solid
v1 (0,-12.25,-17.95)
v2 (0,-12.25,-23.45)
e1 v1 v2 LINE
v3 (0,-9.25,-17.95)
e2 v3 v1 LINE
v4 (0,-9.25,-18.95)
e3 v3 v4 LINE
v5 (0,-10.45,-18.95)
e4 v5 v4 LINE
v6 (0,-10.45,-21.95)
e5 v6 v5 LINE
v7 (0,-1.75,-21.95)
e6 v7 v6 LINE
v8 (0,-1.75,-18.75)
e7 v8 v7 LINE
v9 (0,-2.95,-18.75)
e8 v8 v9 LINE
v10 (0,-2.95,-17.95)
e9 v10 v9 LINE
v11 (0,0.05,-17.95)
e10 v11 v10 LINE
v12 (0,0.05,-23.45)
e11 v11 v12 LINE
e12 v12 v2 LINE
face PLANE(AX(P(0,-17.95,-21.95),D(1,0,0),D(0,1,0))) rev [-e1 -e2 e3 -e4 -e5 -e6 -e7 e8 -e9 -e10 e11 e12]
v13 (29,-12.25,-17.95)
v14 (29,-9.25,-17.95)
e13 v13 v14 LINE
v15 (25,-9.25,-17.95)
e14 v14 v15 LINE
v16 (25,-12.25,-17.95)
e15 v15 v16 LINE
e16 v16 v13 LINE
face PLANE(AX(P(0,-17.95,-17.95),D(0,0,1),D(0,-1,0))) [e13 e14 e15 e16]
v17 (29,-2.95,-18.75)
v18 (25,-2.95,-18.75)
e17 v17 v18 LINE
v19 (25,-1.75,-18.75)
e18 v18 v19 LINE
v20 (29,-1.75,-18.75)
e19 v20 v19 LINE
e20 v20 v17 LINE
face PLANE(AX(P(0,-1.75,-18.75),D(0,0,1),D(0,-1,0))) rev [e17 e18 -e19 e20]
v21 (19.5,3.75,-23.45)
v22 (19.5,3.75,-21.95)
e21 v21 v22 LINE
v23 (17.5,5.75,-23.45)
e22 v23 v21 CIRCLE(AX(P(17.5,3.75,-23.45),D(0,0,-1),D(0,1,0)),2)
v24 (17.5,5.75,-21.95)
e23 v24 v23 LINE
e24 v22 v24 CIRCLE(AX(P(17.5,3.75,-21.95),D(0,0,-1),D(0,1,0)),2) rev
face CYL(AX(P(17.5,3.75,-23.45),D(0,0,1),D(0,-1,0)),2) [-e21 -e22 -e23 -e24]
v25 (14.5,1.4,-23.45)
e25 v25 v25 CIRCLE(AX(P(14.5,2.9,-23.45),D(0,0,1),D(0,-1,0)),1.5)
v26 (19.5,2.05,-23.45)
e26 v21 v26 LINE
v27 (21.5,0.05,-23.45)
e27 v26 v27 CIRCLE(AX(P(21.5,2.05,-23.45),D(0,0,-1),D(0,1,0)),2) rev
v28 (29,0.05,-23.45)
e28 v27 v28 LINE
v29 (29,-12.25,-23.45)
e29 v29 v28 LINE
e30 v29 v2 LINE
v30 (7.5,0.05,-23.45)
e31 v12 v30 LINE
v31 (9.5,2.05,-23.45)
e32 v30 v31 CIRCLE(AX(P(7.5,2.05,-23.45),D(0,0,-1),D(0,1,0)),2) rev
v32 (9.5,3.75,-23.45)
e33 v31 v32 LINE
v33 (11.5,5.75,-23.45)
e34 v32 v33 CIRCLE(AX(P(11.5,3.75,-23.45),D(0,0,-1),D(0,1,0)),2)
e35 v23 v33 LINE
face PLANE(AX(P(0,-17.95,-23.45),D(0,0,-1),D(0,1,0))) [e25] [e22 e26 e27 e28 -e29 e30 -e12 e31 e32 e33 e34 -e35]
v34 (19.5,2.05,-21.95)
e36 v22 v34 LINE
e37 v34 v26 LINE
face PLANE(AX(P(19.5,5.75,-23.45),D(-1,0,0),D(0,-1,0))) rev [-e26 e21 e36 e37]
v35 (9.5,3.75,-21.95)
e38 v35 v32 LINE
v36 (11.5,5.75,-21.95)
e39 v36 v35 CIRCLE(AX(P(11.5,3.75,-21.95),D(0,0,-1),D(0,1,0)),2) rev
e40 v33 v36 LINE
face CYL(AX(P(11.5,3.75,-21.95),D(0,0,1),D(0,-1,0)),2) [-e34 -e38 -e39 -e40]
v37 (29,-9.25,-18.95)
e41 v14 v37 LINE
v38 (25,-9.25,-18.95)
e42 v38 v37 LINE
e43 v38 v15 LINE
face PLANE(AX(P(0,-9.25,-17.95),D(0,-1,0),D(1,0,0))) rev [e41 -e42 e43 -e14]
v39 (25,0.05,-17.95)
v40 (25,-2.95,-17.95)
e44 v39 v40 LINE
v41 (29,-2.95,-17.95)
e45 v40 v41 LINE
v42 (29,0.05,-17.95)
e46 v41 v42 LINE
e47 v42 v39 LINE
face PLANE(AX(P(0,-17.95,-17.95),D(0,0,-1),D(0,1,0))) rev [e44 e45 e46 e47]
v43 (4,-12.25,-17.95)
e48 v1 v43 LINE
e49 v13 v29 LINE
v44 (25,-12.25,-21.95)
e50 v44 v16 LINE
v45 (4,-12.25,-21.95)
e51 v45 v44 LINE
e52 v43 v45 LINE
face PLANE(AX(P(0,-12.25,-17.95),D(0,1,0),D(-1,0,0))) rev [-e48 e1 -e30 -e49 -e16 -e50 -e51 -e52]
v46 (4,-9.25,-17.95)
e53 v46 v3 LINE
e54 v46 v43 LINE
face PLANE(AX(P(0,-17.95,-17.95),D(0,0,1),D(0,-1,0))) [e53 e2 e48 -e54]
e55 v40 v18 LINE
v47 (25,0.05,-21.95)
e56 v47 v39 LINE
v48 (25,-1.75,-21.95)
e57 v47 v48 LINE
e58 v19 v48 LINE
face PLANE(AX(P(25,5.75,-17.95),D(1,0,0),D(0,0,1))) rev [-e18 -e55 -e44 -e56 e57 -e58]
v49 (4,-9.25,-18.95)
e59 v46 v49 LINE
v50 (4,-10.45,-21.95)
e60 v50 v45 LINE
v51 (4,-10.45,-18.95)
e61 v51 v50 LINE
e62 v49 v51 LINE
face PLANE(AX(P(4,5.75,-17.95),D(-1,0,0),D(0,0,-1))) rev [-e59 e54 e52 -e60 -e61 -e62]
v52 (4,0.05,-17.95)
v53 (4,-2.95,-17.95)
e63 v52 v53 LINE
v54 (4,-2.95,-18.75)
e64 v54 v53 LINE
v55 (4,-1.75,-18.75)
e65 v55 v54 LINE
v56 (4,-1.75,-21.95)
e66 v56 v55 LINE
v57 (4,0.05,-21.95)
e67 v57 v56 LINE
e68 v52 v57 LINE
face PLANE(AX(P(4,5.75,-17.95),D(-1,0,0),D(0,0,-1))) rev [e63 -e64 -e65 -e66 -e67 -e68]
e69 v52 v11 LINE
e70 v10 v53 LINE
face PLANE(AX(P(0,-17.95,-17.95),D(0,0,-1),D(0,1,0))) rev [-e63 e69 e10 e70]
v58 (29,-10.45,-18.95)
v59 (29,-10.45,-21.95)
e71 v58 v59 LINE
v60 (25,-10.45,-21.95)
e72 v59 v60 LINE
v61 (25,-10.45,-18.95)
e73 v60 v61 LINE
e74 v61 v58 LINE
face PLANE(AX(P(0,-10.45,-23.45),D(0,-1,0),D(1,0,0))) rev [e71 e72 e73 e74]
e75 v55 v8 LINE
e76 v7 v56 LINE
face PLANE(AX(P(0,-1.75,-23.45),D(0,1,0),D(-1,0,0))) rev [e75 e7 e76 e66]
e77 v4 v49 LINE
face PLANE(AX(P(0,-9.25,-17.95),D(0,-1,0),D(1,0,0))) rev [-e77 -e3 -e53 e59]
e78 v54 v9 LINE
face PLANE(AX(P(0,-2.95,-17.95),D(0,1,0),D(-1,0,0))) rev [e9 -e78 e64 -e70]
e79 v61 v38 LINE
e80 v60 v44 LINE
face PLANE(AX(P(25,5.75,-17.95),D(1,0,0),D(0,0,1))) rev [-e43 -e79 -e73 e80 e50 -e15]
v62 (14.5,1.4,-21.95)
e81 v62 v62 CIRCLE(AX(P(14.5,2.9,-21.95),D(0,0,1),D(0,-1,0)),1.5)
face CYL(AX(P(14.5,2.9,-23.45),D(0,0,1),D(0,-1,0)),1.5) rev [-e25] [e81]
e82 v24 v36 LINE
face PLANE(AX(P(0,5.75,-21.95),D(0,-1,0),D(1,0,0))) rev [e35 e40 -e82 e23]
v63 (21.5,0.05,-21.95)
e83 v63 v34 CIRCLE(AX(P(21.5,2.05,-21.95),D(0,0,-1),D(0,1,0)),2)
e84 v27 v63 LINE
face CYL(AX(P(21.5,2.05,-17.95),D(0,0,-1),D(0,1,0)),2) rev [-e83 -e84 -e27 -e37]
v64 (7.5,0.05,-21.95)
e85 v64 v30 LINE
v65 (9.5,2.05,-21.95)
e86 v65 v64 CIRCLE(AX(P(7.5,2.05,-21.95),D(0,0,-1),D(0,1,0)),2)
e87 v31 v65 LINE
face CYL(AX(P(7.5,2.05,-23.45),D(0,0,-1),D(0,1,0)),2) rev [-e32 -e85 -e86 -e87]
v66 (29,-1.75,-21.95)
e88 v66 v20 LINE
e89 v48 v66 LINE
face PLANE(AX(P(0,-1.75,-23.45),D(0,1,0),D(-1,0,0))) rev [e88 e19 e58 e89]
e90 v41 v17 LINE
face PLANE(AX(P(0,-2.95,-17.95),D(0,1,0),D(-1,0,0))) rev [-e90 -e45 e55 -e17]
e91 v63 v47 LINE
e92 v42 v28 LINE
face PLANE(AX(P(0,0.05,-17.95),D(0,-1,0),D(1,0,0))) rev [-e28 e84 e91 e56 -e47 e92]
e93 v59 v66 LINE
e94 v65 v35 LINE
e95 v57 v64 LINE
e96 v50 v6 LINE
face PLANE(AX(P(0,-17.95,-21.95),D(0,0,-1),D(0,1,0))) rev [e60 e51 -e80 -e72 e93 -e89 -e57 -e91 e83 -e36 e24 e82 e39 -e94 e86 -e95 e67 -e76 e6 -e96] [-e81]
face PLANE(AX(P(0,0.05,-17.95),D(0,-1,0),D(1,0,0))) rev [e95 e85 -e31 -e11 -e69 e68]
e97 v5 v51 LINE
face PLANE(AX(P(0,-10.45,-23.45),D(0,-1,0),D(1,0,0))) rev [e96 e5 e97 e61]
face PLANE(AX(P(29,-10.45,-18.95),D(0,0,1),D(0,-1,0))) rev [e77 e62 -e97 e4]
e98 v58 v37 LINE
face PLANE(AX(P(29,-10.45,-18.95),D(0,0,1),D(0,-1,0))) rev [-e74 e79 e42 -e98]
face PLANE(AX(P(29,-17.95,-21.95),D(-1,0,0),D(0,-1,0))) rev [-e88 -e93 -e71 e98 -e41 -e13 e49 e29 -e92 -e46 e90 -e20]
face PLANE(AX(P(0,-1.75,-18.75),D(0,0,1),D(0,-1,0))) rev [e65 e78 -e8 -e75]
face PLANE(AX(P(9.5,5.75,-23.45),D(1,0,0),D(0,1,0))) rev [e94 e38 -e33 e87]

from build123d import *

# Parameters (mm, degrees)
SKETCH1_W             = 29
SKETCH1_H             = 23.7
BOSS_EXTRUDE1_DEPTH   = 1.5
SKETCH2_W             = 29
SKETCH2_H             = 3
BOSS_EXTRUDE2_DEPTH   = 4
SKETCH3_W             = 29
SKETCH3_H             = 3.2
CUT_EXTRUDE1_DEPTH    = 1.2
SKETCH4_W             = 29
SKETCH4_H             = 3
CUT_EXTRUDE2_DEPTH    = 1.2
SKETCH5_R             = 1.5
CUT_EXTRUDE3_DEPTH    = 38.665501457
SKETCH7_W             = 29
SKETCH7_H             = 5.7
CUT_EXTRUDE4_DEPTH    = 38.854193955
SKETCH8_W             = 21
SKETCH8_H             = 4
CUT_EXTRUDE5_DEPTH    = 35.572387826
SKETCH9_W             = 9.5
SKETCH9_H             = 5.7
CUT_EXTRUDE6_DEPTH    = 38.665501457
FILLET1_R             = 2
BODY_MOVE_COPY1_ANGLE = 90


with BuildPart() as part:
    # Sketch1 → Boss-Extrude1 (new body)
    with BuildSketch(Plane(origin=(0, 0, 0), x_dir=(1, 0, 0), z_dir=(0, 1, 0))):
        with Locations((14.5, 11.85)):
            Rectangle(SKETCH1_W, SKETCH1_H)
    extrude(amount=BOSS_EXTRUDE1_DEPTH)

    # Sketch2 → Boss-Extrude2 (add)
    with BuildSketch(Plane(origin=(0, 1.5, 0), x_dir=(1, 0, 0), z_dir=(0, 1, 0))):
        with Locations((14.5, 16.5)):
            Rectangle(SKETCH2_W, SKETCH2_H)
        with Locations((14.5, 7.2)):
            Rectangle(SKETCH2_W, SKETCH2_H)
    extrude(amount=BOSS_EXTRUDE2_DEPTH)

    # Sketch3 → Cut-Extrude1 (cut)
    with BuildSketch(Plane.XY.offset(-15)):
        with Locations((14.5, 3.1)):
            Rectangle(SKETCH3_W, SKETCH3_H)
    extrude(amount=-CUT_EXTRUDE1_DEPTH, mode=Mode.SUBTRACT)

    # Sketch4 → Cut-Extrude2 (cut)
    with BuildSketch(Plane(origin=(0, 0, -8.7), x_dir=(-1, 0, 0), z_dir=(0, 0, -1))):
        with Locations((-14.5, 3)):
            Rectangle(SKETCH4_W, SKETCH4_H)
    extrude(amount=-CUT_EXTRUDE2_DEPTH, mode=Mode.SUBTRACT)

    # Sketch5 → Cut-Extrude3 (cut, through all)
    with BuildSketch(Plane(origin=(0, 1.5, 0), x_dir=(1, 0, 0), z_dir=(0, 1, 0))):
        with Locations(Location((14.5, 20.85, 0), (0, 0, 270))):
            Circle(SKETCH5_R)
        with Locations(Location((14.5, 2.85, 0), (0, 0, 270))):
            Circle(SKETCH5_R)
    extrude(amount=-CUT_EXTRUDE3_DEPTH, mode=Mode.SUBTRACT)

    # Sketch7 → Cut-Extrude4 (cut, through all)
    with BuildSketch(Plane(origin=(0, 0, 0), x_dir=(1, 0, 0), z_dir=(0, 1, 0))):
        with Locations((14.5, 2.85)):
            Rectangle(SKETCH7_W, SKETCH7_H)
    extrude(amount=CUT_EXTRUDE4_DEPTH, mode=Mode.SUBTRACT)

    # Sketch8 → Cut-Extrude5 (cut, through all)
    with BuildSketch(Plane.XY.offset(-5.7)):
        with Locations((14.5, 3.5)):
            Rectangle(SKETCH8_W, SKETCH8_H)
    extrude(amount=-CUT_EXTRUDE5_DEPTH, mode=Mode.SUBTRACT)

    # Sketch9 → Cut-Extrude6 (cut, through all)
    with BuildSketch(Plane(origin=(0, 1.5, 0), x_dir=(1, 0, 0), z_dir=(0, 1, 0))):
        with Locations((4.75, 20.85)):
            Rectangle(SKETCH9_W, SKETCH9_H)
        with Locations((24.25, 20.85)):
            Rectangle(SKETCH9_W, SKETCH9_H)
    extrude(amount=-CUT_EXTRUDE6_DEPTH, mode=Mode.SUBTRACT)

    # Fillet1
    fillet1_edges = [part.edges().sort_by_distance(p)[0] for p in [
        (9.5, 0.75, -23.7),
        (9.5, 0.75, -18),
        (19.5, 0.75, -23.7),
        (19.5, 0.75, -18),
    ]]
    fillet(fillet1_edges, radius=FILLET1_R)


with BuildPart() as part_1:
    # Body-Move/Copy1: moved
    add(part.part.rotate(Axis((0, 2.75, -20.7), (1, 0, 0)), BODY_MOVE_COPY1_ANGLE))


solid = part_1.part
